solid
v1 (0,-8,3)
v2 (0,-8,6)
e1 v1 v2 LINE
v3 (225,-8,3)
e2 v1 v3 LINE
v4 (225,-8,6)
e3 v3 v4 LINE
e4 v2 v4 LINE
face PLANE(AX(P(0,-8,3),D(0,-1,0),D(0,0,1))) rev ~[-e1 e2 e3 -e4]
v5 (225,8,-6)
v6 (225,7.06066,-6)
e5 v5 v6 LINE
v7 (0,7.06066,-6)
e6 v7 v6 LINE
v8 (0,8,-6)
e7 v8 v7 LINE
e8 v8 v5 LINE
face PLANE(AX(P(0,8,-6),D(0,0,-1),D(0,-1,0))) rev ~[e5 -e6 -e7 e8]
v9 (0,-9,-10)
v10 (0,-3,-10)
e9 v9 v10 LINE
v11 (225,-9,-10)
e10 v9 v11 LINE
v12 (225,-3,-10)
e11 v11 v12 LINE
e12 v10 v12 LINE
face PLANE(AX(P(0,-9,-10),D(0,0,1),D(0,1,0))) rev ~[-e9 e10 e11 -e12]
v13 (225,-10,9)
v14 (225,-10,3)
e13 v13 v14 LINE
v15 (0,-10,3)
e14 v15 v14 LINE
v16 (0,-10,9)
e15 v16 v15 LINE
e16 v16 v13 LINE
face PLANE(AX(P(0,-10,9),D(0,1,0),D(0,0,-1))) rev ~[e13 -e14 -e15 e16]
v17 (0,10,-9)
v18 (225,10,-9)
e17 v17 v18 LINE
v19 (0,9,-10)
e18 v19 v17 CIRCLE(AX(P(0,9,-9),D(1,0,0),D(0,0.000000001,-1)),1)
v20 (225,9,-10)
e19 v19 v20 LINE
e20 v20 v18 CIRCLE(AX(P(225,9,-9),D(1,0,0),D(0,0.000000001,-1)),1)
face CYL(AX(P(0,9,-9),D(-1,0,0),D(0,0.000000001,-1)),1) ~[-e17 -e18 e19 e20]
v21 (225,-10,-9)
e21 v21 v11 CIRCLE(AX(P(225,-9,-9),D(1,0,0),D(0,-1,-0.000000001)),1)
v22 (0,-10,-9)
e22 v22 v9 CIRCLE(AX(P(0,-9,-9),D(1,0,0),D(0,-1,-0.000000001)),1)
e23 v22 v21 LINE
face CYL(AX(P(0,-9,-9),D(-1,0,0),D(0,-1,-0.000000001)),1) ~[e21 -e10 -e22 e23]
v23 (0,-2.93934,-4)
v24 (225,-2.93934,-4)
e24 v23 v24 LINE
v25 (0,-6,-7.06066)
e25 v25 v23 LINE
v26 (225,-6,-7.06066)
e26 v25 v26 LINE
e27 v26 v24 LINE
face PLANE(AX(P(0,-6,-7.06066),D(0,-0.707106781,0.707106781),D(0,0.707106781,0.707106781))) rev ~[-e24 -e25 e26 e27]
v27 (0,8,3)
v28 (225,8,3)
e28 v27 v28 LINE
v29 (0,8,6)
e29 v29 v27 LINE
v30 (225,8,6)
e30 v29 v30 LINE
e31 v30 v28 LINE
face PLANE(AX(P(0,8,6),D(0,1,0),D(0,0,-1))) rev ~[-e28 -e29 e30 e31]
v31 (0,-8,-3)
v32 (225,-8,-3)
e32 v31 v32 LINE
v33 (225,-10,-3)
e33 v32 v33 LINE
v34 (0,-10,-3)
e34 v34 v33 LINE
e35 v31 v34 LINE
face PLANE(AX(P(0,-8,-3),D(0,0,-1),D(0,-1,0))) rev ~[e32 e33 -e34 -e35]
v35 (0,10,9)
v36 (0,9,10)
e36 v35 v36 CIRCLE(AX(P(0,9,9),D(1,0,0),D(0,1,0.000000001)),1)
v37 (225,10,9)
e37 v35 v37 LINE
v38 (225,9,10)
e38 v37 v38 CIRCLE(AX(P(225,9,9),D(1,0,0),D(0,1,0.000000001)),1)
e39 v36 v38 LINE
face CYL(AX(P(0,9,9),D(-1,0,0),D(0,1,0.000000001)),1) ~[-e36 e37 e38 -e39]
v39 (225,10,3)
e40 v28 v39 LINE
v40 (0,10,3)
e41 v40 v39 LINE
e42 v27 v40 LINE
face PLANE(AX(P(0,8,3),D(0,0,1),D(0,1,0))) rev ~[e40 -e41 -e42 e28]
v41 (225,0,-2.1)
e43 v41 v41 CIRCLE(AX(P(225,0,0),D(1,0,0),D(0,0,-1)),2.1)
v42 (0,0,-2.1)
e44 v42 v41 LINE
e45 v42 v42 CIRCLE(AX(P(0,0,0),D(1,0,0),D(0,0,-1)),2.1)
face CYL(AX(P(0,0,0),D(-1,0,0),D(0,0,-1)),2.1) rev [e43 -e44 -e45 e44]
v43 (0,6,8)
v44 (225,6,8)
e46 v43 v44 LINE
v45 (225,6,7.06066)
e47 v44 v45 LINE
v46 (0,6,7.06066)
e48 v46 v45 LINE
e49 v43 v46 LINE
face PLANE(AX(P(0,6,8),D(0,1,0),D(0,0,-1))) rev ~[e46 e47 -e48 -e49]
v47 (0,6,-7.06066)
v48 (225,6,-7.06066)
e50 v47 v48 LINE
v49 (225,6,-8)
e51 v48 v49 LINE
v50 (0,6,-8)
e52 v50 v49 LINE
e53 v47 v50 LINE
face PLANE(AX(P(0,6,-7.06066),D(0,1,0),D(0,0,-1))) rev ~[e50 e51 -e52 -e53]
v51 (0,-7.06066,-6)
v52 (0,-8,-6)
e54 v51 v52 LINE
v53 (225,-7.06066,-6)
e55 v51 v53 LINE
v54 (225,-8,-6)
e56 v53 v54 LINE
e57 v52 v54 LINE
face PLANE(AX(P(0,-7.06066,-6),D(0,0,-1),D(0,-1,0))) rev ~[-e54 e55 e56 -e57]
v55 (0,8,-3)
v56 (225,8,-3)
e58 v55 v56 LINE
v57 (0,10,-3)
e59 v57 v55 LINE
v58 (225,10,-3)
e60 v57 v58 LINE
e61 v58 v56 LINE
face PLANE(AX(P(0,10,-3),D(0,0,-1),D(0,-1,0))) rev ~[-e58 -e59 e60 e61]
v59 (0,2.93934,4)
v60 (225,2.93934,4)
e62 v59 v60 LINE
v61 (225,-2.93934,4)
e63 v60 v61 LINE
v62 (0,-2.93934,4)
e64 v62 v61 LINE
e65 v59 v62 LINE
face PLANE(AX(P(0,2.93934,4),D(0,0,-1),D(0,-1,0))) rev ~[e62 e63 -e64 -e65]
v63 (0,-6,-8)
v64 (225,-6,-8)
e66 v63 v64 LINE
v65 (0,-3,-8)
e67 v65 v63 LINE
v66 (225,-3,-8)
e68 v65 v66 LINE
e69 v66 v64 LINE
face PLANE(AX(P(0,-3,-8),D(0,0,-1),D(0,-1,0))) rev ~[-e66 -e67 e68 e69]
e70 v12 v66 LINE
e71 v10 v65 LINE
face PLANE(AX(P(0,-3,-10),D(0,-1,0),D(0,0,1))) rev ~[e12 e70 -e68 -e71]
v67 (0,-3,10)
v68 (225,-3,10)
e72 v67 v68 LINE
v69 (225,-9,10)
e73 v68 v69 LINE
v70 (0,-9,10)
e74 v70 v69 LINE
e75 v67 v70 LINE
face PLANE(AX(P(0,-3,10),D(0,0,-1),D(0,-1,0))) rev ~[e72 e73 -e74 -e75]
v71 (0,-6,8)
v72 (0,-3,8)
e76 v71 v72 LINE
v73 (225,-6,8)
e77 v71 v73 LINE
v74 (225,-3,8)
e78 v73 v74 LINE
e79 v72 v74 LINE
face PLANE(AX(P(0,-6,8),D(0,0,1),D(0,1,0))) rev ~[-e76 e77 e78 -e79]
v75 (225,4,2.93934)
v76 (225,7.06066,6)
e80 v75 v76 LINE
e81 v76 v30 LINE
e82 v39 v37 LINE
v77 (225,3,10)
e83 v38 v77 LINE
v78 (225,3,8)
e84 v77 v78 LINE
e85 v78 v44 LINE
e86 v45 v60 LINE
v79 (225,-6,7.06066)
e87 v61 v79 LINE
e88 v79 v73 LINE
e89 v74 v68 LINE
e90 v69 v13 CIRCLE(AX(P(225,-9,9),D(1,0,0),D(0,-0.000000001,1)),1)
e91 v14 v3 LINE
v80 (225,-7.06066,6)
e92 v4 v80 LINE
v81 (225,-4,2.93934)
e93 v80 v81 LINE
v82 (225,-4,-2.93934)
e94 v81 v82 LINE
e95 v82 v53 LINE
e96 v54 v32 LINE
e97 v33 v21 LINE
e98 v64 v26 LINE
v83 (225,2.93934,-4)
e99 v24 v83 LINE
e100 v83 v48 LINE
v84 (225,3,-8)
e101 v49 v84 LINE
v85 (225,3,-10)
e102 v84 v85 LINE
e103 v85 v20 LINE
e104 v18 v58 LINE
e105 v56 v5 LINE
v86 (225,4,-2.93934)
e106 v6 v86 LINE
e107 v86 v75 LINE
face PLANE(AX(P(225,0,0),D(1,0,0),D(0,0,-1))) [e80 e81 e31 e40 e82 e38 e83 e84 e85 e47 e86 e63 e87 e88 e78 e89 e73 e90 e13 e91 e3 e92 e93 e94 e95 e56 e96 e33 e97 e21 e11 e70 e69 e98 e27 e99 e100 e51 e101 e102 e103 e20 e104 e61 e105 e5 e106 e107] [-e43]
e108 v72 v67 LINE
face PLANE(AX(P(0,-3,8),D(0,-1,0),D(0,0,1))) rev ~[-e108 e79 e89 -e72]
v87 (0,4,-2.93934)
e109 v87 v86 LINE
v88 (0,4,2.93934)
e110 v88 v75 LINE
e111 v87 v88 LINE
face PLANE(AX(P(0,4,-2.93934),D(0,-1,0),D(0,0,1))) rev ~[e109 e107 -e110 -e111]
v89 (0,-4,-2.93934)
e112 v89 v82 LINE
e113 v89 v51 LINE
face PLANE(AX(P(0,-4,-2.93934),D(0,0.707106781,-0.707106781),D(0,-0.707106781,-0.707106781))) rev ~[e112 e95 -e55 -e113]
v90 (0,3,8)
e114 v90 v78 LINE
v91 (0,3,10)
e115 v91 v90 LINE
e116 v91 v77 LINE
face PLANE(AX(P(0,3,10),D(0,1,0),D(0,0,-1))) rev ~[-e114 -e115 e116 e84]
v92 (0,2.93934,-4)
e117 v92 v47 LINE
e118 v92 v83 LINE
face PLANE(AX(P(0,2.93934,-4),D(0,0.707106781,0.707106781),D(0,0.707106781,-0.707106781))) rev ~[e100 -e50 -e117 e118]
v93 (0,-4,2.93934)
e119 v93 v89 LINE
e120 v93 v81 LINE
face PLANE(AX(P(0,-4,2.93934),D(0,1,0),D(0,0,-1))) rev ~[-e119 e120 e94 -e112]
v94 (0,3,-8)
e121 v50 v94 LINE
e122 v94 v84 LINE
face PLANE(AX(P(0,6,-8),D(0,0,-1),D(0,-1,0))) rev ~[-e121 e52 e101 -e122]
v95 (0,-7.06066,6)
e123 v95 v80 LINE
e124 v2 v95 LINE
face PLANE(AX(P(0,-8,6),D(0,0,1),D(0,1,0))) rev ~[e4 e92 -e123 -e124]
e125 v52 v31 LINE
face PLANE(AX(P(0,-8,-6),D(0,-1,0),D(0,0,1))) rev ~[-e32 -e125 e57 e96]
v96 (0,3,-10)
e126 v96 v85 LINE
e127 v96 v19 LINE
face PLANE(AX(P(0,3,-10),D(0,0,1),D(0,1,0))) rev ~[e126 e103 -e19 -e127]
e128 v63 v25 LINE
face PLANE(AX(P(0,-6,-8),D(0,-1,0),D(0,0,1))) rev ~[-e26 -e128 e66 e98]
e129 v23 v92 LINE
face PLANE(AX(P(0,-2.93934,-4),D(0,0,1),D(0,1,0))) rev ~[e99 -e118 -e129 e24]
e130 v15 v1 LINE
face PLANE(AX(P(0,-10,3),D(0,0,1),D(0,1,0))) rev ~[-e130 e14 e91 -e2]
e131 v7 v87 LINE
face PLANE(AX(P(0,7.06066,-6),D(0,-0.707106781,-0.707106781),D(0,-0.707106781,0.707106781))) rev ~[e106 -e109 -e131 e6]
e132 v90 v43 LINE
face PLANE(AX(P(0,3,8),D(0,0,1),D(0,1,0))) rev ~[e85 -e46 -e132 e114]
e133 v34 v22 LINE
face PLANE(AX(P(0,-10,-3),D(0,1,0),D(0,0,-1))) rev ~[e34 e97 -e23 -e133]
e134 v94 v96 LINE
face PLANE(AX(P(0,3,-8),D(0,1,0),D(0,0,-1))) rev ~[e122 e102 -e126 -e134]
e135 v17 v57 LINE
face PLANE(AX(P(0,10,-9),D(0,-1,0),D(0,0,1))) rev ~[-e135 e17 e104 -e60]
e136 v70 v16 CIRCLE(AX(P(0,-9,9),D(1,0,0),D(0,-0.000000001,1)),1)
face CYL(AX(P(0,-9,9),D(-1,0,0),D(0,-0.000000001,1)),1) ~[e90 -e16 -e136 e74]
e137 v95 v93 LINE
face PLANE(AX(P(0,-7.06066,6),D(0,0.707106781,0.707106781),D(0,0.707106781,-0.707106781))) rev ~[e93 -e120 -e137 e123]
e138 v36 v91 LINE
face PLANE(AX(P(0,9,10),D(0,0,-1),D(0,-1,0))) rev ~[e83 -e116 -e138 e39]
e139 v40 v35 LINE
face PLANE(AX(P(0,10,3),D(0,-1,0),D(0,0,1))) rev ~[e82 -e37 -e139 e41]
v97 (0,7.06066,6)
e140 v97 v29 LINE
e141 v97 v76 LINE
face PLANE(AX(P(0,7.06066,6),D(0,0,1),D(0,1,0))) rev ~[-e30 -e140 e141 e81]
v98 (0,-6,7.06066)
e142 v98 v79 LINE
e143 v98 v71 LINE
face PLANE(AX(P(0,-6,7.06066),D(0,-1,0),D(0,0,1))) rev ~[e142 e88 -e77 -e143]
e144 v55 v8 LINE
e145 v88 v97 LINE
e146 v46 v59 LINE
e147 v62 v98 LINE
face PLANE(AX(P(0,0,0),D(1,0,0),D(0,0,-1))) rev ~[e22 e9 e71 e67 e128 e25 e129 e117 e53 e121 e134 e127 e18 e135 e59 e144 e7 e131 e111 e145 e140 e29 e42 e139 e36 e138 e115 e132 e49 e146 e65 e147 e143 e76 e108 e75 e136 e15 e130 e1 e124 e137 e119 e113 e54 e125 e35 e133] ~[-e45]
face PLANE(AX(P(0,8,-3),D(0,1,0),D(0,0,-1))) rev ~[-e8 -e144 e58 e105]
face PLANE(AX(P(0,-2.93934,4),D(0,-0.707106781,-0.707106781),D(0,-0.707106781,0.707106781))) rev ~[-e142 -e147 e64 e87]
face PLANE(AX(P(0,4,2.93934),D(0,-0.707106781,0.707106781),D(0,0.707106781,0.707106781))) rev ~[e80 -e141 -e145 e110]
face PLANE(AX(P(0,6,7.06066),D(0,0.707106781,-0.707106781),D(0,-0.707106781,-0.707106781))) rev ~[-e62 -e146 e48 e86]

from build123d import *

# Parameters (mm, degrees)
SKETCH1_R           = 2.1
BOSS_EXTRUDE1_DEPTH = 225


with BuildPart() as part:
    # Sketch1 → Boss-Extrude1 (new body)
    with BuildSketch(Plane(origin=(0, 0, 0), x_dir=(0, 0, -1), z_dir=(1, 0, 0))):
        with BuildLine():
            Line((-10, 9), (-10, 3))
            Line((-10, 3), (-8, 3))
            Line((-8, 3), (-8, 6))
            Line((-8, 6), (-7.060660172, 6))
            Line((-7.060660172, 6), (-4, 2.939339828))
            Line((-4, 2.939339828), (-4, -2.939339828))
            Line((-4, -2.939339828), (-7.060660172, -6))
            Line((-7.060660172, -6), (-8, -6))
            Line((-8, -6), (-8, -3))
            Line((-8, -3), (-10, -3))
            Line((-10, -3), (-10, -9))
            ThreePointArc((-10, -9), (-9.707106781, -9.707106781), (-9, -10))
            Line((-9, -10), (-3, -10))
            Line((-3, -10), (-3, -8))
            Line((-3, -8), (-6, -8))
            Line((-6, -8), (-6, -7.060660172))
            Line((-6, -7.060660172), (-2.939339828, -4))
            Line((-2.939339828, -4), (2.939339828, -4))
            Line((2.939339828, -4), (6, -7.060660172))
            Line((6, -7.060660172), (6, -8))
            Line((6, -8), (3, -8))
            Line((3, -8), (3, -10))
            Line((3, -10), (9, -10))
            ThreePointArc((9, -10), (9.707106781, -9.707106781), (10, -9))
            Line((10, -9), (10, -3))
            Line((10, -3), (8, -3))
            Line((8, -3), (8, -6))
            Line((8, -6), (7.060660172, -6))
            Line((7.060660172, -6), (4, -2.939339828))
            Line((4, -2.939339828), (4, 2.939339828))
            Line((4, 2.939339828), (7.060660172, 6))
            Line((7.060660172, 6), (8, 6))
            Line((8, 6), (8, 3))
            Line((8, 3), (10, 3))
            Line((10, 3), (10, 9))
            ThreePointArc((10, 9), (9.707106781, 9.707106781), (9, 10))
            Line((9, 10), (3, 10))
            Line((3, 10), (3, 8))
            Line((3, 8), (6, 8))
            Line((6, 8), (6, 7.060660172))
            Line((6, 7.060660172), (2.939339828, 4))
            Line((2.939339828, 4), (-2.939339828, 4))
            Line((-2.939339828, 4), (-6, 7.060660172))
            Line((-6, 7.060660172), (-6, 8))
            Line((-6, 8), (-3, 8))
            Line((-3, 8), (-3, 10))
            Line((-3, 10), (-9, 10))
            ThreePointArc((-9, 10), (-9.707106781, 9.707106781), (-10, 9))
        make_face()
        Circle(SKETCH1_R, mode=Mode.SUBTRACT)
    extrude(amount=BOSS_EXTRUDE1_DEPTH)


solid = part.part
